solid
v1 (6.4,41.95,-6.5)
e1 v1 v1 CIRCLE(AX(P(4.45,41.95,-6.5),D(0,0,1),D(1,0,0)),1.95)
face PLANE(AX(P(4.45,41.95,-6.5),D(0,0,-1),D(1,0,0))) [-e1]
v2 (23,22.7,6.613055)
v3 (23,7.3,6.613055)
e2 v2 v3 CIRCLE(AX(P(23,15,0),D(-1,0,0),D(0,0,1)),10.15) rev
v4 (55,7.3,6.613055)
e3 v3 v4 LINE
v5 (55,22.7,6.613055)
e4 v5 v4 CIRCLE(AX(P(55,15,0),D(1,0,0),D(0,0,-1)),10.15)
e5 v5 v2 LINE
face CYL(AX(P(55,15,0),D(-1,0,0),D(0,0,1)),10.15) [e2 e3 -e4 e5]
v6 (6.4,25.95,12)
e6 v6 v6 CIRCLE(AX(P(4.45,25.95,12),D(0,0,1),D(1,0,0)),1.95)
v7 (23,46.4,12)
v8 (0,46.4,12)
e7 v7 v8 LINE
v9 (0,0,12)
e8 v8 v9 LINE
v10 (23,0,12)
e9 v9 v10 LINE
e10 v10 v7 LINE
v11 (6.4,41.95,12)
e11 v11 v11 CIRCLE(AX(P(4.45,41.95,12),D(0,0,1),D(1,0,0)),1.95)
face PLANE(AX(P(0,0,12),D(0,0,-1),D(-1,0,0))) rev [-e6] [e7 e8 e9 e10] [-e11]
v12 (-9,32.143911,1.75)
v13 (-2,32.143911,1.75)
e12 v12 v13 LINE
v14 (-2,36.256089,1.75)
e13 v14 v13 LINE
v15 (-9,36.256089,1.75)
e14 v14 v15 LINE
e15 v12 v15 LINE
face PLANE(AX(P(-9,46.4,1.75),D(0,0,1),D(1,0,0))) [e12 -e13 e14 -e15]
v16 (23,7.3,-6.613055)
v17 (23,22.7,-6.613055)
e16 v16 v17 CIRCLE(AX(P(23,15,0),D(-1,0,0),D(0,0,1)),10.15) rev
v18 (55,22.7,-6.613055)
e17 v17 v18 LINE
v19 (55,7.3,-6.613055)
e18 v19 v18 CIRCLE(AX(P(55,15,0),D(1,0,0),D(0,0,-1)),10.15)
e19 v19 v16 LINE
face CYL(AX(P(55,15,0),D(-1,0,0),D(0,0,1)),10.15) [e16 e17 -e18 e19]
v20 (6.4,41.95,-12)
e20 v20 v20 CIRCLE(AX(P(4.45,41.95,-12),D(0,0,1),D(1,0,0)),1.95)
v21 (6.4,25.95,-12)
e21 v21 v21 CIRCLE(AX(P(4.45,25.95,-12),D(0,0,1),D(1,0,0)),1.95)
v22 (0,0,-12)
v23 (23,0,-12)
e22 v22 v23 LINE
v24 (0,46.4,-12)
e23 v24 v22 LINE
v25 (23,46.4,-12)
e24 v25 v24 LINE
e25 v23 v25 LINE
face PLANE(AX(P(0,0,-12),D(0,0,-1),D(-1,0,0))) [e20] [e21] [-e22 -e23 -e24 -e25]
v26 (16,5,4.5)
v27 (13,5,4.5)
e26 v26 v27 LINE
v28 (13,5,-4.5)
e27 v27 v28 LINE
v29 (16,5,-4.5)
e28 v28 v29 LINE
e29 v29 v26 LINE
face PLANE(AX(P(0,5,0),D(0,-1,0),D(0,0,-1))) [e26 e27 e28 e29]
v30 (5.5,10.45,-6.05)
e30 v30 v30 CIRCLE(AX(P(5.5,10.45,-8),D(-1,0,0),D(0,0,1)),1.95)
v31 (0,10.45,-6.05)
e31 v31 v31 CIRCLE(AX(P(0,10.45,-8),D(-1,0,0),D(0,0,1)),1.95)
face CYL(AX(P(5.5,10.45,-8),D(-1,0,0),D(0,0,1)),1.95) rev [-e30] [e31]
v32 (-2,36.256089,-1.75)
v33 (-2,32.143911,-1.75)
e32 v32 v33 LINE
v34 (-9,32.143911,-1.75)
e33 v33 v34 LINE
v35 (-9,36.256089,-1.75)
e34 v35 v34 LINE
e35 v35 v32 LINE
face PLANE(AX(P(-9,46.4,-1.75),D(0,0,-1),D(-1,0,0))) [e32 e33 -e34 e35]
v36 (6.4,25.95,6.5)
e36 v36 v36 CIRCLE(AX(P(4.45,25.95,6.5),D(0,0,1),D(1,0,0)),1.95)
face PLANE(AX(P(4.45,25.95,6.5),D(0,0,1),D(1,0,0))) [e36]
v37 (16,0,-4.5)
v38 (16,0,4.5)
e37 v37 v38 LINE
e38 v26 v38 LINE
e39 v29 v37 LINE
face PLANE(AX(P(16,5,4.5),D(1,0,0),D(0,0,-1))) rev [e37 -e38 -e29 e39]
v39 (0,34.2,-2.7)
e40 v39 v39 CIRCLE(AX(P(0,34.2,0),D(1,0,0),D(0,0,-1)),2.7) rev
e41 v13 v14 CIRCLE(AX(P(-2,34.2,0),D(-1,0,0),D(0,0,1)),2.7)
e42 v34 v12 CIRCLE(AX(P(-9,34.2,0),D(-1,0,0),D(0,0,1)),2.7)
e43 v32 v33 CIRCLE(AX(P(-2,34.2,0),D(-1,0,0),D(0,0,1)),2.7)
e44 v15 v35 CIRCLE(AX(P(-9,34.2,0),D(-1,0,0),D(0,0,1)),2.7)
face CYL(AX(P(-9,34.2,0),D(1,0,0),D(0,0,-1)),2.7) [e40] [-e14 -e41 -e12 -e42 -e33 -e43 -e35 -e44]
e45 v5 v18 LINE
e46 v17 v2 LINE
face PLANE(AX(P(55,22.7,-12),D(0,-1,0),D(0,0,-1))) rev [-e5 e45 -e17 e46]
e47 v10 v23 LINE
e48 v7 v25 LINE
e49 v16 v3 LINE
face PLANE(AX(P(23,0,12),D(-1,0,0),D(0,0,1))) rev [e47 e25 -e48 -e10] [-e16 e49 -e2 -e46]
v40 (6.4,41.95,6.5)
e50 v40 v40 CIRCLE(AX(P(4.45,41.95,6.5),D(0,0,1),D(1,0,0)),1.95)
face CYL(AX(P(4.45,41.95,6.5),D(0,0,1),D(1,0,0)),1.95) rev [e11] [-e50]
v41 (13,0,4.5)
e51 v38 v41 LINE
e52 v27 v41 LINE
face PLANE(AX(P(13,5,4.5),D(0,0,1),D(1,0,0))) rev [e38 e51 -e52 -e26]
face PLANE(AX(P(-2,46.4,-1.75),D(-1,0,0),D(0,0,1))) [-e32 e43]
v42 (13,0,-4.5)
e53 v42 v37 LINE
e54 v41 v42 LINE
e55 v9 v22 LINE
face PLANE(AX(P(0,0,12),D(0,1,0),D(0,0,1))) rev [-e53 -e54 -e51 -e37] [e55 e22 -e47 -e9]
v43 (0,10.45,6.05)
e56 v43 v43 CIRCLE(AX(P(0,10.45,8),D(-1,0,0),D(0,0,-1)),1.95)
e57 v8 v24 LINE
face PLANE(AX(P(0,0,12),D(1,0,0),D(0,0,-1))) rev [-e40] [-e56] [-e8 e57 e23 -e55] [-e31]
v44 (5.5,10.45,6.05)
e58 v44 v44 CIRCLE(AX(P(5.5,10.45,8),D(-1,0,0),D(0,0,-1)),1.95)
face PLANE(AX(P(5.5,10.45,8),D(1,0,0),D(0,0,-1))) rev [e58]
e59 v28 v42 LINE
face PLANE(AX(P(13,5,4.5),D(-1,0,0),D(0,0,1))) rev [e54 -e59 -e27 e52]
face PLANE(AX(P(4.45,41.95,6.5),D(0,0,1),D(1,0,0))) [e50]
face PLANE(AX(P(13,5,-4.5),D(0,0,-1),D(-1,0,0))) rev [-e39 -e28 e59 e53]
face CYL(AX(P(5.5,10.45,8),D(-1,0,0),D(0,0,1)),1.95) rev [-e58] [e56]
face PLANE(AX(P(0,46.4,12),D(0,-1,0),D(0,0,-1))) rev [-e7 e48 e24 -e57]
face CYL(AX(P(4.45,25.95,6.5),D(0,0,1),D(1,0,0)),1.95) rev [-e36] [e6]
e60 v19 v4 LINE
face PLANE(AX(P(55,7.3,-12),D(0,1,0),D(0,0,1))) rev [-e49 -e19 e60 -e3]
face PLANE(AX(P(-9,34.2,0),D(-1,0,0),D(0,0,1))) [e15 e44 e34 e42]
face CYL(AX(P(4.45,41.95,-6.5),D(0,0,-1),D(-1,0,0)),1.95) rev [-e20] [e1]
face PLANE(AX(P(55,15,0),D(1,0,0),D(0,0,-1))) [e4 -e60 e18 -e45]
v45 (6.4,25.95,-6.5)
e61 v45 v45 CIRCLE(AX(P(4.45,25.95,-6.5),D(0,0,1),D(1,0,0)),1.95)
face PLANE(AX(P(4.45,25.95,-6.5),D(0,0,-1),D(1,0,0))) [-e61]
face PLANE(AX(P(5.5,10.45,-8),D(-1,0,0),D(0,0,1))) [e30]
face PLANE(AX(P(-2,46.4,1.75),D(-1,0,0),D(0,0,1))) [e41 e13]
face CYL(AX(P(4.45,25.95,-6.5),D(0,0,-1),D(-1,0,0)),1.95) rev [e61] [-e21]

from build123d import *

# Parameters (mm, degrees)
SKETCH1_W               = 23
SKETCH1_H               = 46.4
BOSS_EXTRUDE1_DEPTH     = 12
SKETCH6_R               = 1.95
CUT_EXTRUDE1_DEPTH      = 5.5
SKETCH7_R               = 2.7
BOSS_EXTRUDE2_DEPTH     = 9
SKETCH8_W               = 7
SKETCH8_H               = 0.95
CUT_EXTRUDE2_DEPTH      = 47.4
SKETCH9_R               = 1.95
CUT_EXTRUDE3_DEPTH      = 5.5
SKETCH10_R              = 10.15
BOSS_EXTRUDE3_DEPTH     = 32
SKETCH11_W              = 32
SKETCH11_H              = 2.45
CUT_EXTRUDE4_DEPTH      = 13
CUT_EXTRUDE4_DEPTH_BACK = 13
SKETCH12_W              = 3
SKETCH12_H              = 9
CUT_EXTRUDE5_DEPTH      = 5


with BuildPart() as part:
    # Sketch1 → Boss-Extrude1 (new body, symmetric)
    with BuildSketch(Plane.XY):
        with Locations((11.5, 23.2)):
            Rectangle(SKETCH1_W, SKETCH1_H)
    extrude(amount=BOSS_EXTRUDE1_DEPTH, both=True)

    # Sketch6 → Cut-Extrude1 (cut)
    with BuildSketch(Plane.XY.offset(12)):
        with Locations((4.45, 41.95)):
            Circle(SKETCH6_R)
        with Locations((4.45, 25.95)):
            Circle(SKETCH6_R)
    cut_extrude1 = extrude(amount=-CUT_EXTRUDE1_DEPTH, mode=Mode.SUBTRACT)

    # Mirror1: Cut-Extrude1 across plane
    add(cut_extrude1.mirror(Plane.XY), mode=Mode.SUBTRACT)

    # Sketch7 → Boss-Extrude2 (add)
    with BuildSketch(Plane.ZY):
        with Locations((0, 34.2)):
            Circle(SKETCH7_R)
    extrude(amount=BOSS_EXTRUDE2_DEPTH)

    # Sketch8 → Cut-Extrude2 (cut, through all)
    with BuildSketch(Plane(origin=(0, 0, 0), x_dir=(1, 0, 0), z_dir=(0, 1, 0))):
        with Locations((-5.5, 2.225)):
            Rectangle(SKETCH8_W, SKETCH8_H)
        with Locations((-5.5, -2.225)):
            Rectangle(SKETCH8_W, SKETCH8_H)
    extrude(amount=CUT_EXTRUDE2_DEPTH, mode=Mode.SUBTRACT)

    # Sketch9 → Cut-Extrude3 (cut)
    with BuildSketch(Plane.ZY):
        with Locations((-8, 10.45)):
            Circle(SKETCH9_R)
        with Locations((8, 10.45)):
            Circle(SKETCH9_R)
    extrude(amount=-CUT_EXTRUDE3_DEPTH, mode=Mode.SUBTRACT)

    # Sketch10 → Boss-Extrude3 (add)
    with BuildSketch(Plane(origin=(23, 0, 0), x_dir=(0, 0, -1), z_dir=(1, 0, 0))):
        with Locations((0, 15)):
            Circle(SKETCH10_R)
    extrude(amount=BOSS_EXTRUDE3_DEPTH)

    # Sketch11 → Cut-Extrude4 (cut, two sides)
    with BuildSketch(Plane.XY) as cut_extrude4_sk:
        with Locations((39, 23.925)):
            Rectangle(SKETCH11_W, SKETCH11_H)
        with Locations((39, 6.075)):
            Rectangle(SKETCH11_W, SKETCH11_H)
    extrude(amount=CUT_EXTRUDE4_DEPTH, mode=Mode.SUBTRACT)
    extrude(cut_extrude4_sk.sketch, amount=-CUT_EXTRUDE4_DEPTH_BACK, mode=Mode.SUBTRACT)

    # Sketch12 → Cut-Extrude5 (cut)
    with BuildSketch(Plane.XZ):
        with Locations((14.5, 0)):
            Rectangle(SKETCH12_W, SKETCH12_H)
    extrude(amount=-CUT_EXTRUDE5_DEPTH, mode=Mode.SUBTRACT)


solid = part.part
